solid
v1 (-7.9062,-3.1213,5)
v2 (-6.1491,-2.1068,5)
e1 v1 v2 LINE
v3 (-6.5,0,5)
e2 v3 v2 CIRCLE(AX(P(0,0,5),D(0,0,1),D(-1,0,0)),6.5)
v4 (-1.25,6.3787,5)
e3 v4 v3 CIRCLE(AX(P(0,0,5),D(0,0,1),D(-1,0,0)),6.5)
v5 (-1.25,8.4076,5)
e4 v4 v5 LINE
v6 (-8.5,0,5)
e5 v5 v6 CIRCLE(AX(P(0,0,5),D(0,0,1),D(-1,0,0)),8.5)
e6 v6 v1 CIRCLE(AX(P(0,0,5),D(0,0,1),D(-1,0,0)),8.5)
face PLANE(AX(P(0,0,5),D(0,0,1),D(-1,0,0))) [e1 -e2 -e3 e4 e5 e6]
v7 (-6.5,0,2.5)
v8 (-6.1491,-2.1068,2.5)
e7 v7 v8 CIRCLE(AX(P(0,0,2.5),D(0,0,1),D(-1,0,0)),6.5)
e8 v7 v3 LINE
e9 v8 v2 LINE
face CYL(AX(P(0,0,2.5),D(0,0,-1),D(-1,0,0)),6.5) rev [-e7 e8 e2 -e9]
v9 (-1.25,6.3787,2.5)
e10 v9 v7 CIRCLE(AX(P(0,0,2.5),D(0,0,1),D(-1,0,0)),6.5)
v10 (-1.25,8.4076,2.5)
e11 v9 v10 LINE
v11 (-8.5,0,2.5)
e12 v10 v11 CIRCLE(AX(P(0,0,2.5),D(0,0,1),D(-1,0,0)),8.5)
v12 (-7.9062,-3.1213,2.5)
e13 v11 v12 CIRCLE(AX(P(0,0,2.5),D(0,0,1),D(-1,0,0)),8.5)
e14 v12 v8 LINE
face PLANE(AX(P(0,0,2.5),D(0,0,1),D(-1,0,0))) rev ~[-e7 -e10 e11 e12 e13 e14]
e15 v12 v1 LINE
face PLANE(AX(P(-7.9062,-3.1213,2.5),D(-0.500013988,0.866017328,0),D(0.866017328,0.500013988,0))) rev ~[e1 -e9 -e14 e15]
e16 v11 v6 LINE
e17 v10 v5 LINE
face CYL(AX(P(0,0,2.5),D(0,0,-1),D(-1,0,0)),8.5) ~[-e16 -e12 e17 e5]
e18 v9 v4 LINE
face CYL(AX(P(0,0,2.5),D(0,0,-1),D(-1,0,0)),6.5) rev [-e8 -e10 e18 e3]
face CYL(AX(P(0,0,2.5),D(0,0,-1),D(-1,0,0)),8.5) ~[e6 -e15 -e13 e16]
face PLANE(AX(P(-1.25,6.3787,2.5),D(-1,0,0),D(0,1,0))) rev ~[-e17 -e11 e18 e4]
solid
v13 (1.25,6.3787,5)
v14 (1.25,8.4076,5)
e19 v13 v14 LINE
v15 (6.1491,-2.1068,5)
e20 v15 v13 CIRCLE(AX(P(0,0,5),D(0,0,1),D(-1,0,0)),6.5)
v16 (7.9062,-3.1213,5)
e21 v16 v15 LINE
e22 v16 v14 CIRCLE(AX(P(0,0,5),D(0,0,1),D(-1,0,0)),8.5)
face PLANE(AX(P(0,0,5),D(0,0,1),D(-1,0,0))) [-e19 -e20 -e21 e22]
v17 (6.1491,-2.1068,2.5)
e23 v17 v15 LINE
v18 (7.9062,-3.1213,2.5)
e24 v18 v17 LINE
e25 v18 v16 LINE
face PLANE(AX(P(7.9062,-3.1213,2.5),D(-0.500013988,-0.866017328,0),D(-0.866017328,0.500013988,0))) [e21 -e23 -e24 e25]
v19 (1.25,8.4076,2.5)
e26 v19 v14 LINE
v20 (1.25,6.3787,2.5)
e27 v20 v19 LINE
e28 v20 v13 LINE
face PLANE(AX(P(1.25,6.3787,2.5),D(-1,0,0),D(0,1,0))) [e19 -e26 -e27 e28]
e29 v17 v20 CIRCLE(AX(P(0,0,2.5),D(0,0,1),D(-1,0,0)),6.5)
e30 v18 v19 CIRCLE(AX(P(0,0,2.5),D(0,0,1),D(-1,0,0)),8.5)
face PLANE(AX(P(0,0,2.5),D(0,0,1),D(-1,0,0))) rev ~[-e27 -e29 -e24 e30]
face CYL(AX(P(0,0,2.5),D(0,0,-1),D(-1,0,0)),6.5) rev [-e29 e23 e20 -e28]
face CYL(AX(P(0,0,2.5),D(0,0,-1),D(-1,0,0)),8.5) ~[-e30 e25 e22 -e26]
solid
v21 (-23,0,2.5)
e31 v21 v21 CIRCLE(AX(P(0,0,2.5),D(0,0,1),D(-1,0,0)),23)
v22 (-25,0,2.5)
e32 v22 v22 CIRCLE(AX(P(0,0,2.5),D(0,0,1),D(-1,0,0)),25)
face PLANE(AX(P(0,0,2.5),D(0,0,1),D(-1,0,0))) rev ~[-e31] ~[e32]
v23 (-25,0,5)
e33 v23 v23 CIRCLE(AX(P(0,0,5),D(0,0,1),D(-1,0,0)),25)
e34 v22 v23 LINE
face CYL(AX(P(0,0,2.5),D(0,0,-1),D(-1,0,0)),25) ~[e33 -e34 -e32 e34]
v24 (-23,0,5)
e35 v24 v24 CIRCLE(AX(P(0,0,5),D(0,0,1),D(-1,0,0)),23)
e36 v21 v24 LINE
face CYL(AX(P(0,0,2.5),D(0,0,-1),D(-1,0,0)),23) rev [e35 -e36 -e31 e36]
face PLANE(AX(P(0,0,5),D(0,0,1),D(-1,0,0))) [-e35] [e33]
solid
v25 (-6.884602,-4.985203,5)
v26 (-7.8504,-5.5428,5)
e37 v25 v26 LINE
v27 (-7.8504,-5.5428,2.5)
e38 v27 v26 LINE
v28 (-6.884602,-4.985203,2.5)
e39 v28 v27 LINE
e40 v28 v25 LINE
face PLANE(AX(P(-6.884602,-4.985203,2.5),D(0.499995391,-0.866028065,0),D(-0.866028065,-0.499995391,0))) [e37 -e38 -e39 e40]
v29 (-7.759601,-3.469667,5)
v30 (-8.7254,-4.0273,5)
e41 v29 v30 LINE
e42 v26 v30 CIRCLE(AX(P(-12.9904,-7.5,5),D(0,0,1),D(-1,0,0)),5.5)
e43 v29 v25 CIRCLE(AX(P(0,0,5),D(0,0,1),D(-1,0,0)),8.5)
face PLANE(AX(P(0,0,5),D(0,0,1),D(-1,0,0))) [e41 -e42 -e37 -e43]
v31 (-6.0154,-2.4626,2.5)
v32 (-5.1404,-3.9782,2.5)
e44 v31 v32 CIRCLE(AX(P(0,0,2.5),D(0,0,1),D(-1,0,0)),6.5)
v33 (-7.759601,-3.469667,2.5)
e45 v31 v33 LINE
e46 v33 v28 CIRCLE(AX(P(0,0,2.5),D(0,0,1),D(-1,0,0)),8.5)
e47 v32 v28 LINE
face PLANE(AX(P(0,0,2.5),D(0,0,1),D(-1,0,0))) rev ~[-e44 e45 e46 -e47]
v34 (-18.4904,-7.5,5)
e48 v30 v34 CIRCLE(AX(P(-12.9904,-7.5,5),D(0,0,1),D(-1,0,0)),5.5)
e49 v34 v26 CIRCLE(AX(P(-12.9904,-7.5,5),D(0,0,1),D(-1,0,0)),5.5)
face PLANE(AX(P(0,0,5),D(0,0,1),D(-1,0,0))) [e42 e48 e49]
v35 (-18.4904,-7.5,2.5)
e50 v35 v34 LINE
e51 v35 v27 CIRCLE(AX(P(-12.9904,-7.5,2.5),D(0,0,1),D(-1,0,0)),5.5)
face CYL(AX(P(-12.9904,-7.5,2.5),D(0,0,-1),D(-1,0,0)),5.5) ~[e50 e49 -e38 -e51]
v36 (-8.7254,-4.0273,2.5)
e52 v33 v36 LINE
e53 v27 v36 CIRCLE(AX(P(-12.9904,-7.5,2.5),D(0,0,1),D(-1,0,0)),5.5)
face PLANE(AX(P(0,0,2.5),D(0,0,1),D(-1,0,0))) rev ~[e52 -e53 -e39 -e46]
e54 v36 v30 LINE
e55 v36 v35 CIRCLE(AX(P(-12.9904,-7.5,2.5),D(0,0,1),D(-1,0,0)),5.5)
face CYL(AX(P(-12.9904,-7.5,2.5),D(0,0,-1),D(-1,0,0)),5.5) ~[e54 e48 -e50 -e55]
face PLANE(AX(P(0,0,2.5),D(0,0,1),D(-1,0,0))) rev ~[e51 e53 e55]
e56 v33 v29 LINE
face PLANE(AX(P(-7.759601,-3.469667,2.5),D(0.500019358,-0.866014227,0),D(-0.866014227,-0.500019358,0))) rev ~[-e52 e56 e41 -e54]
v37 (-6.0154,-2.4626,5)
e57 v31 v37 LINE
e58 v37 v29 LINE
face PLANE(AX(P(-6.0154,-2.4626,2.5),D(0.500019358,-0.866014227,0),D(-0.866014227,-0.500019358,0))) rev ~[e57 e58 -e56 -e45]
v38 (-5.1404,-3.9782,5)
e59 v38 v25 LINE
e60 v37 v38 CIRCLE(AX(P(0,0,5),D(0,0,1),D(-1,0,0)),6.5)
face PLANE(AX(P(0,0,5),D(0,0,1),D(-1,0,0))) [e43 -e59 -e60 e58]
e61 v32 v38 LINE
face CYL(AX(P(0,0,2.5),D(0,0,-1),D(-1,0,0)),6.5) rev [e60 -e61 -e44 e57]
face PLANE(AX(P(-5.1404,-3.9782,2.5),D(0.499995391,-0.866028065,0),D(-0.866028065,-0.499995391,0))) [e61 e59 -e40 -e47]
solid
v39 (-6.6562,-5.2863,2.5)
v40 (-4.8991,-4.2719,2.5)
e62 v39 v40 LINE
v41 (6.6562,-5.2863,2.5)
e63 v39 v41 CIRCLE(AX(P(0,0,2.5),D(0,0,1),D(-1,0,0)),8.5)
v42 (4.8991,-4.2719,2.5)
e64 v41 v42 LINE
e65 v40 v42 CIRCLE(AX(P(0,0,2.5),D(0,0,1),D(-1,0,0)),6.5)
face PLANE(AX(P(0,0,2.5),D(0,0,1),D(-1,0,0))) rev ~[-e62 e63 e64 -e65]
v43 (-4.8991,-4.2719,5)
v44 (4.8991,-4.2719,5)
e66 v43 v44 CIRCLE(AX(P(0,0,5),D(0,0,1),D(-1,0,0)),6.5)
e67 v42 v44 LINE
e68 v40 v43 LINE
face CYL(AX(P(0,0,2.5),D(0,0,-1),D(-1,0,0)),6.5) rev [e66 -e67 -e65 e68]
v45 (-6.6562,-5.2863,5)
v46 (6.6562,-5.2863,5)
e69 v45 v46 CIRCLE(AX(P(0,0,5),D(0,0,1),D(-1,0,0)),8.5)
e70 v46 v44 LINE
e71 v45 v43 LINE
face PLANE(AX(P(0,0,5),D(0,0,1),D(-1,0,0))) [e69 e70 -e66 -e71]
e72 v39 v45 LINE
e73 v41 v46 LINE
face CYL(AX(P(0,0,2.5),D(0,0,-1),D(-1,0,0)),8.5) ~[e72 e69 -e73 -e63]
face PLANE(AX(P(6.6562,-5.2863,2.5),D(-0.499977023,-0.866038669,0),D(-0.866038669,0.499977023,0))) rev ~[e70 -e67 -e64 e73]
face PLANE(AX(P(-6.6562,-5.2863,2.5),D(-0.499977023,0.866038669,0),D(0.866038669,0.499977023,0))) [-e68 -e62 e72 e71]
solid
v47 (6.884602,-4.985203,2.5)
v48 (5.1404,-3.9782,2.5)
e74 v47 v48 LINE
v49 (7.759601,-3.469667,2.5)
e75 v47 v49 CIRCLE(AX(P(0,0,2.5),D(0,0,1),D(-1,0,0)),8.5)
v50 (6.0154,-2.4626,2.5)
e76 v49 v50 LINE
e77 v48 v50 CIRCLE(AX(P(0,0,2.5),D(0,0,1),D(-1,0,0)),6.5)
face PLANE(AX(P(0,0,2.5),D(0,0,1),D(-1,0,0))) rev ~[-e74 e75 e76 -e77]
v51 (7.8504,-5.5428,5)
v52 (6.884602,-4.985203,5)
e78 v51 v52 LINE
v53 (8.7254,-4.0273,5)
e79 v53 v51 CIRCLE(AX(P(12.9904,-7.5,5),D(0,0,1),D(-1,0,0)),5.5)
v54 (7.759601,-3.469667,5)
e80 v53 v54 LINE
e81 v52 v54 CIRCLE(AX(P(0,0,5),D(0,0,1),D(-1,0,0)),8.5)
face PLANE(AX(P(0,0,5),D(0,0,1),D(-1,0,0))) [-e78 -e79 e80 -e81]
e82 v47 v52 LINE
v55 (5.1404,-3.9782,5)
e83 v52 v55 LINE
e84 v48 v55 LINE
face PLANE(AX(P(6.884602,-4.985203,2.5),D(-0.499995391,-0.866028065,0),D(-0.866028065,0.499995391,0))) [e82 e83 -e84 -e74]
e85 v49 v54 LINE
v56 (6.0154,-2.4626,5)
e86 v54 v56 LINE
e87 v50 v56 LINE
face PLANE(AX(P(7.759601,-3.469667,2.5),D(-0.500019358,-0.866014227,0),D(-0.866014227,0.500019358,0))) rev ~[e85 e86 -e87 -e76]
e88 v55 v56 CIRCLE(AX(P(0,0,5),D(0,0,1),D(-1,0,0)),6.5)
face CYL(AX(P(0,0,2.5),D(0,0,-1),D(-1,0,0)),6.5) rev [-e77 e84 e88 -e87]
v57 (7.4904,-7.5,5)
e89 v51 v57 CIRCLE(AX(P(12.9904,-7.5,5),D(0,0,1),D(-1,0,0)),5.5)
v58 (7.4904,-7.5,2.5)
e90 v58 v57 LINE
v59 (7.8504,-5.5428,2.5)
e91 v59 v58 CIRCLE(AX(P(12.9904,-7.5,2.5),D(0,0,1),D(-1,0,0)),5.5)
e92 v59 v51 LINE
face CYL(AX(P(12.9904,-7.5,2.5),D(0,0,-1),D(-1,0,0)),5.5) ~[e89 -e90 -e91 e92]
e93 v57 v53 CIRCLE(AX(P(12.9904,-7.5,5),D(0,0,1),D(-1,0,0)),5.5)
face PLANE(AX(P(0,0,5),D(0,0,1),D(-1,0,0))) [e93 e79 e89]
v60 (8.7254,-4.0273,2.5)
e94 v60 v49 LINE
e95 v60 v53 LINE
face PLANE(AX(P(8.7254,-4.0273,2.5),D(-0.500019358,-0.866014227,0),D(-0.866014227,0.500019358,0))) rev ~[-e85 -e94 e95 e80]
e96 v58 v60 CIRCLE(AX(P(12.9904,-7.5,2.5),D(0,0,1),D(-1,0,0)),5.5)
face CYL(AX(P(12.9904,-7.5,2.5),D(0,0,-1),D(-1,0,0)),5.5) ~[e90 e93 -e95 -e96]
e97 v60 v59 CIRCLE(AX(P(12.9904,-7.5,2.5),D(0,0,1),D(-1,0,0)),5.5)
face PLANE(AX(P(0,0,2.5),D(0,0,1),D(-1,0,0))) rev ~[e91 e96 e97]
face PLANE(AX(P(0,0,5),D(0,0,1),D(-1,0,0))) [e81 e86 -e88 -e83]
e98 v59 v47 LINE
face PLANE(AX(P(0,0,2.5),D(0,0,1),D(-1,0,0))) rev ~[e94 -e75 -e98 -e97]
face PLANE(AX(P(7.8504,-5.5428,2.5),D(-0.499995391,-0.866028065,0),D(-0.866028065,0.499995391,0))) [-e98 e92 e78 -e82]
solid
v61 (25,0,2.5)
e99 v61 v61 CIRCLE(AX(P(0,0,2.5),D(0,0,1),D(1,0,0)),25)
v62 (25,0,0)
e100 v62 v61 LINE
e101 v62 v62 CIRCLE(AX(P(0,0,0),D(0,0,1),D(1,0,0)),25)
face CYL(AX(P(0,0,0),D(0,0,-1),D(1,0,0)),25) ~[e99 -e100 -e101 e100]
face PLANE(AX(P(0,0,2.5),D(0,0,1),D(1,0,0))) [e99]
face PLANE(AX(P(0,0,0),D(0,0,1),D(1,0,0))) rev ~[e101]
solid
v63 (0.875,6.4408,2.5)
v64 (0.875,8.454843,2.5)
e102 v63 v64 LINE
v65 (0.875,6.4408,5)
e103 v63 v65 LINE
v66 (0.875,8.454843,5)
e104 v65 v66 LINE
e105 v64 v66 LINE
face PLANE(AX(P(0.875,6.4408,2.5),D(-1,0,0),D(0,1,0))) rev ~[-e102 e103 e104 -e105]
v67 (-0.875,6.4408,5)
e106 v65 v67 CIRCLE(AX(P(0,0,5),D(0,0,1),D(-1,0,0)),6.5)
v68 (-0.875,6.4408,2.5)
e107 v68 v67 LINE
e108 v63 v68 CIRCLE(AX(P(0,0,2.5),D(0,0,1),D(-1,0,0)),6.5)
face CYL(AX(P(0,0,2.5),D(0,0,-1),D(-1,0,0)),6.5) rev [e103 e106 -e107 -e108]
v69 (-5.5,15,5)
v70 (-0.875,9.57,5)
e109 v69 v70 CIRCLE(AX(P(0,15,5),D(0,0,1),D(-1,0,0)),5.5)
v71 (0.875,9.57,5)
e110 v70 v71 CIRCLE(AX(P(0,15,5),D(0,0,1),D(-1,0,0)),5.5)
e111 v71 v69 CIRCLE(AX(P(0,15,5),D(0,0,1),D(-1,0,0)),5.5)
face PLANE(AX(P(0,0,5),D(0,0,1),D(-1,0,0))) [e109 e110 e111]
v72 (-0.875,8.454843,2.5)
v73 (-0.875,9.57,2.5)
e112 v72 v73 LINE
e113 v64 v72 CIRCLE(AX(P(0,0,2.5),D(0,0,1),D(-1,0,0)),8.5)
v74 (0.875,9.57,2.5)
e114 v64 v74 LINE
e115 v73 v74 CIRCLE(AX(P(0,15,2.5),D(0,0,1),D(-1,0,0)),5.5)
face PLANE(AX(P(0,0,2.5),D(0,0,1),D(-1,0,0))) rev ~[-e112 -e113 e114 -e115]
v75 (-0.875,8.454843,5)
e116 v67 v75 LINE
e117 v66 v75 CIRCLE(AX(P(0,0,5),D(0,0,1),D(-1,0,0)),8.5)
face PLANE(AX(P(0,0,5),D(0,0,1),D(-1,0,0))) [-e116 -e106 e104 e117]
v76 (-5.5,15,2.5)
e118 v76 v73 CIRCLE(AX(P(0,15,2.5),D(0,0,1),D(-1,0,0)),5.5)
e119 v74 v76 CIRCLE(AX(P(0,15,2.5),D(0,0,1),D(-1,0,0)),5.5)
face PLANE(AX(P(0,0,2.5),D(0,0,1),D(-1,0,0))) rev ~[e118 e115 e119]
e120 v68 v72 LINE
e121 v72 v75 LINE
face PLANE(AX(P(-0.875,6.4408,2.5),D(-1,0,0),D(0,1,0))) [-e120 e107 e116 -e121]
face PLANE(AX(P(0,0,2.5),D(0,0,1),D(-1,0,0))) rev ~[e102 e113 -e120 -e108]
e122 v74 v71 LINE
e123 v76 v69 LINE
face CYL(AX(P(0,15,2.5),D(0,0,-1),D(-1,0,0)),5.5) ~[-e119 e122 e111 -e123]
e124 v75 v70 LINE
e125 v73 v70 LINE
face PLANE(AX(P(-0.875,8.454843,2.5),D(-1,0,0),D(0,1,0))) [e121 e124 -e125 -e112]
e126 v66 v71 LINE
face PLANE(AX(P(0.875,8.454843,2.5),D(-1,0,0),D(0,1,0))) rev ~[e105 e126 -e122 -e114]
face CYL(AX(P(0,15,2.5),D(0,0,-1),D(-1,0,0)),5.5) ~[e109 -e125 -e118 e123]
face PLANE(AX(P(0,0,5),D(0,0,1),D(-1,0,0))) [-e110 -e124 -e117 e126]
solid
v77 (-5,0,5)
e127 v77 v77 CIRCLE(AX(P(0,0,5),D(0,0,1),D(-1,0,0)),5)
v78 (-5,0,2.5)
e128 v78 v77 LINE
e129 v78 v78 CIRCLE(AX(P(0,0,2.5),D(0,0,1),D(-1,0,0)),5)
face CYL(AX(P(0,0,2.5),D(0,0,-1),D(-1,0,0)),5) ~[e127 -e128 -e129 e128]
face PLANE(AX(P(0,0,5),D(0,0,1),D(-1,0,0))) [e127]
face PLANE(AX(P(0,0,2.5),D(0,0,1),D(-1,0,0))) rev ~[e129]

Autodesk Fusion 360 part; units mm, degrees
sketch "Sketch1" plane through (0, 0, 0) normal (0, 0, 1) x (1, 0, 0)
  circle A0 centre (0, 0) radius 25
  dimension "d1" = 50
extrude "Extrude1" add sketch "Sketch1" along normal blind 2.5 makes body 1
sketch "Sketch2" plane through (0, 0, 2.5) normal (0, 0, 1) x (-1, 0, 0)
  circle A0 centre (0, 0) radius 25
  circle A1 centre (0, 0) radius 5
  circle A2 centre (0, 0) radius 23
  circle A3 centre (0, 0) radius 6.5
  circle A4 centre (0, 0) radius 8.5
  line L0 (0, 0) -> (0, -15) construction
  circle A5 centre (0, -15) radius 5.5
  circle A6 centre (-12.9904, 7.5) radius 5.5
  circle A7 centre (12.9904, 7.5) radius 5.5
  line L1 (-12.9904, 7.5) -> (0, -15) construction
  line L2 (-12.9904, 7.5) -> (12.9904, 7.5) construction
  line L3 (12.9904, 7.5) -> (0, -15) construction
  line L4 (0, 0) -> (-12.9904, 7.5) construction
  line L5 (0, 0) -> (12.9904, 7.5) construction
  line L6 (-0.875, -6.4408) -> (-0.875, -9.57)
  line L7 (0.875, -6.4408) -> (0.875, -9.57)
  line L8 (-1.25, -6.3787) -> (-1.25, -8.4076)
  line L9 (1.25, -6.3787) -> (1.25, -8.4076)
  line L10 (-1.25, -8.4076) -> (1.25, -8.4076) construction
  line L11 (-0.875, -9.57) -> (0.875, -9.57) construction
  line L12 (-7.8504, 5.5428) -> (-5.1404, 3.9782)
  line L13 (-8.7254, 4.0273) -> (-6.0154, 2.4626)
  line L14 (-8.7254, 4.0273) -> (-7.8504, 5.5428) construction
  line L15 (-6.6562, 5.2863) -> (-4.8991, 4.2719)
  line L16 (-7.9062, 3.1213) -> (-6.1491, 2.1068)
  line L17 (-6.6562, 5.2863) -> (-7.9062, 3.1213) construction
  line L18 (5.1404, 3.9782) -> (7.8504, 5.5428)
  line L19 (6.0154, 2.4626) -> (8.7254, 4.0273)
  line L20 (7.8504, 5.5428) -> (8.7254, 4.0273) construction
  line L21 (6.6562, 5.2863) -> (4.8991, 4.2719)
  line L22 (7.9062, 3.1213) -> (6.1491, 2.1068)
  line L23 (6.6562, 5.2863) -> (7.9062, 3.1213) construction
  dimension "d4" = 10
  dimension "d5" = 18
  dimension "d6" = 1.5
  dimension "d7" = 3.5
  dimension "d8" = 11
  dimension "d9" = 15
  dimension "d10" = 1.75
  dimension "d11" = 2.5
extrude "Extrude2" add sketch "Sketch2" along normal blind 2.5 separate body contours A0 | A1 | A3 A4 L9 L22 | A3 A4 L18 L19 | A3 A4 L6 L7 | A4 A7 L18 L19 | A4 A5 L6 L7 | A3 A4 L15 L21 | A7 | A3 A4 L8 L16 | A5 | A3 A4 L12 L13 | A4 A6 L12 L13 | A6 makes body 2 at (5.4586, 6.5156, 4.1667) makes body 3 at (13.8688, -6.654, 2.5) makes body 4 at (-14.7774, -6.5074, 2.5) makes body 5 at (-5.8824, 6.1358, 4.1667) makes body 6 at (-1.368, 13.9131, 2.5) makes body 7 at (-24.9689, 1.2461, 4.1667) makes body 8 at (-4.9938, 0.2492, 4.1667) makes body 9 at (6.3838, -5.6122, 4.1667)
